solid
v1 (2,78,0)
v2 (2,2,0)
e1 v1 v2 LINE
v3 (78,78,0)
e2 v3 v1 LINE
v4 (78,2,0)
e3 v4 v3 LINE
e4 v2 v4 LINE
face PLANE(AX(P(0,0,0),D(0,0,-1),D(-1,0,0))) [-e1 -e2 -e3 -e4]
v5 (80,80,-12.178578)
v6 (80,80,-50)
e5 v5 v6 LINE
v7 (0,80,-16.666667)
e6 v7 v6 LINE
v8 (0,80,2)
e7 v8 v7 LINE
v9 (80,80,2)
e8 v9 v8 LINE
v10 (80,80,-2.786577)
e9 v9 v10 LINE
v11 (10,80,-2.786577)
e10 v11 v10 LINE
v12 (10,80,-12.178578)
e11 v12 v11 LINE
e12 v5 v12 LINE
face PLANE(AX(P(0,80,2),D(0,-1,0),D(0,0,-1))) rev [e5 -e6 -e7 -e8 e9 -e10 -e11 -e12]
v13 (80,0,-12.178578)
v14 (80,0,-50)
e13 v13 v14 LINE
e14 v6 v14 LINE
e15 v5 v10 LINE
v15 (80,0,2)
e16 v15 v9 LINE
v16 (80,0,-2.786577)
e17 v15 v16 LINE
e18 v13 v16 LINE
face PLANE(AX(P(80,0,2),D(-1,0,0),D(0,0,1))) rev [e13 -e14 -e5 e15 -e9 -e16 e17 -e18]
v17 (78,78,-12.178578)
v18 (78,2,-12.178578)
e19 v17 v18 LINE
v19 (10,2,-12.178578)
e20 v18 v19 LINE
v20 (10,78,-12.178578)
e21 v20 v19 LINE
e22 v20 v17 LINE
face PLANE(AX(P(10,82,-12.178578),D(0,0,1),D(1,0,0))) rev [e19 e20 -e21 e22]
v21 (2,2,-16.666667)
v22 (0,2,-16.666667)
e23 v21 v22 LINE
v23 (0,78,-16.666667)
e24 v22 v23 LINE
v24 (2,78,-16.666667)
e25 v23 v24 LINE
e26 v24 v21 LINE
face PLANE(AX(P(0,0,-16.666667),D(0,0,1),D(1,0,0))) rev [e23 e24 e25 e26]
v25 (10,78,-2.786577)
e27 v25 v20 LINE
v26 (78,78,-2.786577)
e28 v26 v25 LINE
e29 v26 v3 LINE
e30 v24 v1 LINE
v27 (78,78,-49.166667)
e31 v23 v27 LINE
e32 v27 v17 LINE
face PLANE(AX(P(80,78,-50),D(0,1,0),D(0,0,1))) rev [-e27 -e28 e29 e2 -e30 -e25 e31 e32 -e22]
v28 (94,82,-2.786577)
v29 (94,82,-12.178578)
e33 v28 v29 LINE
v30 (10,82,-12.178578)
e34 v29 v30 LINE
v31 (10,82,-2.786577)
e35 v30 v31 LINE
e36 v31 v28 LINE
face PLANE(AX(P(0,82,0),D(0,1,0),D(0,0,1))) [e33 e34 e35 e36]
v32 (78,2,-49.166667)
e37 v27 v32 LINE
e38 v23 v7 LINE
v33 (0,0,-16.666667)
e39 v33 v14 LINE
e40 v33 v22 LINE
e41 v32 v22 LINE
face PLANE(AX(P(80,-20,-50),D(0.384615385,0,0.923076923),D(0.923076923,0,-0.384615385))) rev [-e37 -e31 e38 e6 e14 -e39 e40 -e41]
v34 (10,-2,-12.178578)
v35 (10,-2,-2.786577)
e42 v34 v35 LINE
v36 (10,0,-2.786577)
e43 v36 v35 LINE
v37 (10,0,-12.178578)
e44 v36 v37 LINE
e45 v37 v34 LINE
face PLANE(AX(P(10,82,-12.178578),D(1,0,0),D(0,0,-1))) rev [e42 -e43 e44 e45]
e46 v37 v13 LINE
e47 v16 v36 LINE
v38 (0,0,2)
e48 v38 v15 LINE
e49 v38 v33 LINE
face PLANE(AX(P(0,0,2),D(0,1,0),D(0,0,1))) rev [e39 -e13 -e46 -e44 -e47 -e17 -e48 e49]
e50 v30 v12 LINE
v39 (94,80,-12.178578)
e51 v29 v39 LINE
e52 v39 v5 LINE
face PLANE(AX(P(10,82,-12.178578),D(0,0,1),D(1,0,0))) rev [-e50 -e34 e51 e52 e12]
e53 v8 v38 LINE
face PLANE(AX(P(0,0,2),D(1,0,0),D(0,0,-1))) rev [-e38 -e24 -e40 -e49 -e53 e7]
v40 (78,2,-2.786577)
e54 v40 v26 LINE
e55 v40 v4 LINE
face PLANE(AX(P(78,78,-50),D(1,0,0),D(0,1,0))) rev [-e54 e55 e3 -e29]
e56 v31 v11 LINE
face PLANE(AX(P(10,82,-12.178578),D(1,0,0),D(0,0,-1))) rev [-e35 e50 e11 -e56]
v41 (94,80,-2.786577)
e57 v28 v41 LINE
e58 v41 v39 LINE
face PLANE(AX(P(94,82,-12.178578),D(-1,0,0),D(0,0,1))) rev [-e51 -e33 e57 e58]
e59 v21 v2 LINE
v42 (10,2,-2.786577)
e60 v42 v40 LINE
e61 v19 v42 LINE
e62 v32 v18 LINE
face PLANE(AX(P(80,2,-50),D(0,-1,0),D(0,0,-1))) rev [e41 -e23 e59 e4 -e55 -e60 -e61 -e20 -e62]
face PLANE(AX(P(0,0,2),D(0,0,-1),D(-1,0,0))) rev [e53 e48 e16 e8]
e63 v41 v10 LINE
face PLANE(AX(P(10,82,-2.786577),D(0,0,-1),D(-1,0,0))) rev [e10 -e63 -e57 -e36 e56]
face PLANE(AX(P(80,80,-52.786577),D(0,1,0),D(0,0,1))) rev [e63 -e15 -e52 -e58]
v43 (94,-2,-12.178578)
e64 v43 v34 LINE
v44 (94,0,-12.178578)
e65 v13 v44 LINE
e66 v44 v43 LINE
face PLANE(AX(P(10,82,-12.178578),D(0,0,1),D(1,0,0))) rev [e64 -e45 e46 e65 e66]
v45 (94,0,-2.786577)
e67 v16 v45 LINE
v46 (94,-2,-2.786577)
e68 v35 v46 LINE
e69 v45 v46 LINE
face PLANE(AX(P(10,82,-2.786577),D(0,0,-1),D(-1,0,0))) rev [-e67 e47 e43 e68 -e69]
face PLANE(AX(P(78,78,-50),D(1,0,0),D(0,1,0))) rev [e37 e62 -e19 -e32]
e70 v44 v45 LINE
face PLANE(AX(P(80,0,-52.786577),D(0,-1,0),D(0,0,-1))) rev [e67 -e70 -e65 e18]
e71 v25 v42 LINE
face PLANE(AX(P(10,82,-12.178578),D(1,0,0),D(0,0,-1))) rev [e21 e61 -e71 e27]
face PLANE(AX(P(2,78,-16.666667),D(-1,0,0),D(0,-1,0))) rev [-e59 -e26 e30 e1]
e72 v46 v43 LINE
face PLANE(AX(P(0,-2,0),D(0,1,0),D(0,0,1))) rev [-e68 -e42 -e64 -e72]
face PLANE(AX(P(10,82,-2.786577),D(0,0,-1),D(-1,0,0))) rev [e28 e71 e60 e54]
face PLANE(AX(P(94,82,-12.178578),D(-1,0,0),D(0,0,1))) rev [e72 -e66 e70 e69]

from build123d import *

# Parameters (mm, degrees)
SKETCH1_W                = 80
SKETCH1_H                = 80
BOSS_EXTRUDE1_DEPTH      = 2
SKETCH2_W                = 80
SKETCH2_H                = 2
BOSS_EXTRUDE2_DEPTH      = 50
SKETCH3_W                = 2
SKETCH3_H                = 76
BOSS_EXTRUDE3_DEPTH      = 50
CUT_EXTRUDE2_DEPTH       = 100
SKETCH6_W                = 2
SKETCH6_H                = 76
BOSS_EXTRUDE4_DEPTH      = 16.666666667
BOSS_EXTRUDE5_DEPTH      = 2
BOSS_EXTRUDE5_DEPTH_BACK = 82
SKETCH7_W                = 84
SKETCH7_H                = 9.392000317
SKETCH8_W                = 14
SKETCH8_H                = 80
CUT_EXTRUDE3_DEPTH       = 50


with BuildPart() as part:
    # Sketch1 → Boss-Extrude1 (new body)
    with BuildSketch(Plane.XY):
        with Locations((40, 40)):
            Rectangle(SKETCH1_W, SKETCH1_H)
    extrude(amount=BOSS_EXTRUDE1_DEPTH)

    # Sketch2 → Boss-Extrude2 (add)
    with BuildSketch(Plane(origin=(0, 0, 0), x_dir=(-1, 0, 0), z_dir=(0, 0, -1))):
        with Locations((-40, 79)):
            Rectangle(SKETCH2_W, SKETCH2_H)
        with Locations((-40, 1)):
            Rectangle(SKETCH2_W, SKETCH2_H)
    extrude(amount=BOSS_EXTRUDE2_DEPTH)

    # Sketch3 → Boss-Extrude3 (add)
    with BuildSketch(Plane(origin=(0, 0, 0), x_dir=(-1, 0, 0), z_dir=(0, 0, -1))):
        with Locations((-79, 40)):
            Rectangle(SKETCH3_W, SKETCH3_H)
    extrude(amount=BOSS_EXTRUDE3_DEPTH)

    # Sketch5 → Cut-Extrude2 (cut)
    with BuildSketch(Plane(origin=(0, 80, 0), x_dir=(1, 0, 0), z_dir=(0, 1, 0))):
        Polygon((80, 50), (0, 16.666666667), (0, 50), align=None)
    extrude(amount=-CUT_EXTRUDE2_DEPTH, mode=Mode.SUBTRACT)

    # Sketch6 → Boss-Extrude4 (add)
    with BuildSketch(Plane(origin=(0, 0, 0), x_dir=(-1, 0, 0), z_dir=(0, 0, -1))):
        with Locations((-1, 40)):
            Rectangle(SKETCH6_W, SKETCH6_H)
    extrude(amount=BOSS_EXTRUDE4_DEPTH)

    # Sketch7 → Boss-Extrude5 (add, two sides: drawn at the far end of the back side and taken through both)
    with BuildSketch(Plane(origin=(0, 80, 0), x_dir=(1, 0, 0), z_dir=(0, 1, 0)).offset(-BOSS_EXTRUDE5_DEPTH_BACK)):
        with Locations((52, 7.482577596)):
            Rectangle(SKETCH7_W, SKETCH7_H)
    extrude(amount=BOSS_EXTRUDE5_DEPTH + BOSS_EXTRUDE5_DEPTH_BACK)

    # Sketch8 → Cut-Extrude3 (cut)
    with BuildSketch(Plane.XY.offset(-2.786577437)):
        with Locations((87, 40)):
            Rectangle(SKETCH8_W, SKETCH8_H)
    extrude(amount=-CUT_EXTRUDE3_DEPTH, mode=Mode.SUBTRACT)


solid = part.part
